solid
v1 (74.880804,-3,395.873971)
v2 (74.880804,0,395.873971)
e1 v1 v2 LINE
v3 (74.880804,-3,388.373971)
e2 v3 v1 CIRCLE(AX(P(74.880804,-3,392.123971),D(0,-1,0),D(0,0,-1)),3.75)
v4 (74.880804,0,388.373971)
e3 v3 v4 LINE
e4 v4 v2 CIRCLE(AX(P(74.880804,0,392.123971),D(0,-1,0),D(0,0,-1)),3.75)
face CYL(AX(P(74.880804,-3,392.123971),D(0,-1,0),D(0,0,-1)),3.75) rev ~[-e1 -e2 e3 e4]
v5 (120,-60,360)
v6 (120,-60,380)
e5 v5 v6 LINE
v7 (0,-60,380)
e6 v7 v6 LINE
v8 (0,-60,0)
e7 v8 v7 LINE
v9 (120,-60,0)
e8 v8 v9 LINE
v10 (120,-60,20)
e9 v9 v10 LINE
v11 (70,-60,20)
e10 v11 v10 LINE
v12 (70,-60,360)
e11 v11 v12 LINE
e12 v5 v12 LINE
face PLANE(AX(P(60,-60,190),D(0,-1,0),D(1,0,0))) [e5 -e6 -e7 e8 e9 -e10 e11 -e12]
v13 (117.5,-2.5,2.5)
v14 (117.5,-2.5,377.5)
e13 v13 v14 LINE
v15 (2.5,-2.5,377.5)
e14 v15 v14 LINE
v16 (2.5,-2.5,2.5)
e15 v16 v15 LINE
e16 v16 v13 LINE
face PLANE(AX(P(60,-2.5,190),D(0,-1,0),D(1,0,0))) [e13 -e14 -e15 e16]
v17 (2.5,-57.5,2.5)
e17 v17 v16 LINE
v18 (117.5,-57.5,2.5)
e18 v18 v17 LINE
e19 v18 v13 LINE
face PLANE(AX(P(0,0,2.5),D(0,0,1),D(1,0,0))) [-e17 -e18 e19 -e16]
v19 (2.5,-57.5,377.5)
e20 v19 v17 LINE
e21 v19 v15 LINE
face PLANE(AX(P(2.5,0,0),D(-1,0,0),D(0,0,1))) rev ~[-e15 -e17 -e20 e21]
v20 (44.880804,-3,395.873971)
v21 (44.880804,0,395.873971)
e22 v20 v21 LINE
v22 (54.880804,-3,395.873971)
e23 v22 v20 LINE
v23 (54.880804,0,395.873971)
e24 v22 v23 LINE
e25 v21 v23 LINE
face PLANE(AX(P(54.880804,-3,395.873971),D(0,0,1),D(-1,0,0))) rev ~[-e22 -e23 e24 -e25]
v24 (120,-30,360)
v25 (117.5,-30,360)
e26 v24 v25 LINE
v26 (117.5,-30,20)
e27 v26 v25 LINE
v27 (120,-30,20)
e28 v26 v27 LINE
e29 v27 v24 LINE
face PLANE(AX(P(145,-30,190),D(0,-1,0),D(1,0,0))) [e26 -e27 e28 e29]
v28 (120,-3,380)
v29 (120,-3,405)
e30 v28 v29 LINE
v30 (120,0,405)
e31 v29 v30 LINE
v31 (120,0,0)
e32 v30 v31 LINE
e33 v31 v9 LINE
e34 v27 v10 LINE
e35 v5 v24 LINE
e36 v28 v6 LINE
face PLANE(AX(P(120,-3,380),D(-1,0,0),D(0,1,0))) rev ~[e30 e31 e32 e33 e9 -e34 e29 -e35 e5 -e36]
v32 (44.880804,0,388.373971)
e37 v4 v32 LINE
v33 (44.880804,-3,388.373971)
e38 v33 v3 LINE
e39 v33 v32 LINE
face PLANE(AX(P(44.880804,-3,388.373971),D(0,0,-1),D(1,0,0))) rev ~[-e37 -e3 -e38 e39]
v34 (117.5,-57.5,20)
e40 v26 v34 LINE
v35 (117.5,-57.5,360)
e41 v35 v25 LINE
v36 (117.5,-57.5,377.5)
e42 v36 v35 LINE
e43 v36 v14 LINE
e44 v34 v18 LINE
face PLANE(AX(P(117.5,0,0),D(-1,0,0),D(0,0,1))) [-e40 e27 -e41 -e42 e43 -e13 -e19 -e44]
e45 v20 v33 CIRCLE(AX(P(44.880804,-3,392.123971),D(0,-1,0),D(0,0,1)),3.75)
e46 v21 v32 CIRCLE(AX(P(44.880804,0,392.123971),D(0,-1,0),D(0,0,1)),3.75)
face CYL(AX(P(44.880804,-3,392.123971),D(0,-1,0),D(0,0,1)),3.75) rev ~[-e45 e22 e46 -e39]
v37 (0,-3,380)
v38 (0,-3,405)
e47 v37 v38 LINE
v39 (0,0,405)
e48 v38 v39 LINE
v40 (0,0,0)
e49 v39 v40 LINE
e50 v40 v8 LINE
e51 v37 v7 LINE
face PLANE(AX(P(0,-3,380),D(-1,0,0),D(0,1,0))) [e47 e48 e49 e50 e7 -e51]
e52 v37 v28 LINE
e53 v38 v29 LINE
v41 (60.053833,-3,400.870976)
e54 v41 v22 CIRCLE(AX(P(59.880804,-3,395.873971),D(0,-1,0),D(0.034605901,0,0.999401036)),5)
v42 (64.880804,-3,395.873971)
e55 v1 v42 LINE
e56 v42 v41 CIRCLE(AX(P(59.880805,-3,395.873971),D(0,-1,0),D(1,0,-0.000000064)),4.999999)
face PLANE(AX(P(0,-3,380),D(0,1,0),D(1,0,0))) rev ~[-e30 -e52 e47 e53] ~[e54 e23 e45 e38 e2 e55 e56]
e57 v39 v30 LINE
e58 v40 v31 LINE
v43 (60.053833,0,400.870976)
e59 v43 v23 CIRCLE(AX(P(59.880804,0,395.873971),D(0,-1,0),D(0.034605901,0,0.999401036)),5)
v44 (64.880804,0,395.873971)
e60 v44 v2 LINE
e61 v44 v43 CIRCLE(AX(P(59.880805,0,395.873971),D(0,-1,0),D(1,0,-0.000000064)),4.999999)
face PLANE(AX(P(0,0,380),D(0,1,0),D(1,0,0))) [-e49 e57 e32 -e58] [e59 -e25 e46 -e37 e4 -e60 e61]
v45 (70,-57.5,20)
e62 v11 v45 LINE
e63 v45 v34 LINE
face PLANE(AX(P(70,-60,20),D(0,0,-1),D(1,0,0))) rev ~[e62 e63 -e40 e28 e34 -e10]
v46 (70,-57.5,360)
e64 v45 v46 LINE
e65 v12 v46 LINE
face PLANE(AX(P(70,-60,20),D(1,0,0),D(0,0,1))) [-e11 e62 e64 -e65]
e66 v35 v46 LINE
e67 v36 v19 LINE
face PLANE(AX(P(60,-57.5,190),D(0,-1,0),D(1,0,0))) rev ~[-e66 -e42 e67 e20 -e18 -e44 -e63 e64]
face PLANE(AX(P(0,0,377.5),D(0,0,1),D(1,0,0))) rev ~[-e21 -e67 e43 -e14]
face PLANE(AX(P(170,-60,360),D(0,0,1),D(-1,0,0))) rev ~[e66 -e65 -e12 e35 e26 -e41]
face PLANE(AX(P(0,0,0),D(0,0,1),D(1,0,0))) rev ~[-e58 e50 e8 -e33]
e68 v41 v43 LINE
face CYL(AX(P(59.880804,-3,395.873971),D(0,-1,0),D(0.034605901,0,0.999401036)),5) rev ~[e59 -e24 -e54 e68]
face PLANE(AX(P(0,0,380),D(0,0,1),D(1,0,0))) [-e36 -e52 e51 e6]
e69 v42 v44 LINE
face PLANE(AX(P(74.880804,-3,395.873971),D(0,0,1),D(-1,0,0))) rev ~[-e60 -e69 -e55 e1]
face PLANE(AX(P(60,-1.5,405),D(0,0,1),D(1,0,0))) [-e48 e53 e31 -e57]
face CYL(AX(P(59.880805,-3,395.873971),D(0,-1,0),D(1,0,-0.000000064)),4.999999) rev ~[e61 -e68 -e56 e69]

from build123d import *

# Parameters (mm, degrees)
F0_W     = 120
F0_H     = 380
F1_DEPTH = 60
F2_W     = 50
F2_H     = 340
F3_DEPTH = 30
F4_T     = -2.5
F5_W     = 120
F5_H     = 3
F6_DEPTH = 25
F8_DEPTH = 25


with BuildPart() as f1:
    # F0 (on Front) → F1 (new body)
    with BuildSketch(Plane.XZ):
        with Locations((60, 190)):
            Rectangle(F0_W, F0_H)
    extrude(amount=F1_DEPTH)

    # F2 (on face) → F3 (cut)
    with BuildSketch(Plane.XZ.offset(60)):
        with Locations((145, 190)):
            Rectangle(F2_W, F2_H)
        with Locations((95, 190)):
            Rectangle(F2_W, F2_H)
    extrude(amount=-F3_DEPTH, mode=Mode.SUBTRACT)

    # F4
    f4_openings = [f1.faces().sort_by_distance(p)[0] for p in [
        (95, -45, 20),
        (95, -30, 190),
        (70, -45, 190),
        (95, -45, 360),
    ]]
    offset(amount=F4_T, openings=f4_openings)

    # F5 (on face) → F6 (join)
    with BuildSketch(Plane.XY.offset(380)):
        with Locations((60, -1.5)):
            Rectangle(F5_W, F5_H)
    extrude(amount=F6_DEPTH)

    # F7 (on face) → F8 (cut)
    with BuildSketch(Plane.XZ.offset(3)):
        with BuildLine():
            ThreePointArc((64.880804, 395.873971), (63.476993, 399.347791), (60.053833, 400.870976))
            ThreePointArc((60.053833, 400.870976), (56.406984, 399.47016), (54.880804, 395.873971))
            Line((54.880804, 395.873971), (44.880804, 395.873971))
            ThreePointArc((44.880804, 395.873971), (41.130804, 392.123971), (44.880804, 388.373971))
            Line((44.880804, 388.373971), (74.880804, 388.373971))
            ThreePointArc((74.880804, 388.373971), (78.630804, 392.123971), (74.880804, 395.873971))
            Line((74.880804, 395.873971), (64.880804, 395.873971))
        make_face()
    extrude(amount=-F8_DEPTH, mode=Mode.SUBTRACT)


solid = f1.part
